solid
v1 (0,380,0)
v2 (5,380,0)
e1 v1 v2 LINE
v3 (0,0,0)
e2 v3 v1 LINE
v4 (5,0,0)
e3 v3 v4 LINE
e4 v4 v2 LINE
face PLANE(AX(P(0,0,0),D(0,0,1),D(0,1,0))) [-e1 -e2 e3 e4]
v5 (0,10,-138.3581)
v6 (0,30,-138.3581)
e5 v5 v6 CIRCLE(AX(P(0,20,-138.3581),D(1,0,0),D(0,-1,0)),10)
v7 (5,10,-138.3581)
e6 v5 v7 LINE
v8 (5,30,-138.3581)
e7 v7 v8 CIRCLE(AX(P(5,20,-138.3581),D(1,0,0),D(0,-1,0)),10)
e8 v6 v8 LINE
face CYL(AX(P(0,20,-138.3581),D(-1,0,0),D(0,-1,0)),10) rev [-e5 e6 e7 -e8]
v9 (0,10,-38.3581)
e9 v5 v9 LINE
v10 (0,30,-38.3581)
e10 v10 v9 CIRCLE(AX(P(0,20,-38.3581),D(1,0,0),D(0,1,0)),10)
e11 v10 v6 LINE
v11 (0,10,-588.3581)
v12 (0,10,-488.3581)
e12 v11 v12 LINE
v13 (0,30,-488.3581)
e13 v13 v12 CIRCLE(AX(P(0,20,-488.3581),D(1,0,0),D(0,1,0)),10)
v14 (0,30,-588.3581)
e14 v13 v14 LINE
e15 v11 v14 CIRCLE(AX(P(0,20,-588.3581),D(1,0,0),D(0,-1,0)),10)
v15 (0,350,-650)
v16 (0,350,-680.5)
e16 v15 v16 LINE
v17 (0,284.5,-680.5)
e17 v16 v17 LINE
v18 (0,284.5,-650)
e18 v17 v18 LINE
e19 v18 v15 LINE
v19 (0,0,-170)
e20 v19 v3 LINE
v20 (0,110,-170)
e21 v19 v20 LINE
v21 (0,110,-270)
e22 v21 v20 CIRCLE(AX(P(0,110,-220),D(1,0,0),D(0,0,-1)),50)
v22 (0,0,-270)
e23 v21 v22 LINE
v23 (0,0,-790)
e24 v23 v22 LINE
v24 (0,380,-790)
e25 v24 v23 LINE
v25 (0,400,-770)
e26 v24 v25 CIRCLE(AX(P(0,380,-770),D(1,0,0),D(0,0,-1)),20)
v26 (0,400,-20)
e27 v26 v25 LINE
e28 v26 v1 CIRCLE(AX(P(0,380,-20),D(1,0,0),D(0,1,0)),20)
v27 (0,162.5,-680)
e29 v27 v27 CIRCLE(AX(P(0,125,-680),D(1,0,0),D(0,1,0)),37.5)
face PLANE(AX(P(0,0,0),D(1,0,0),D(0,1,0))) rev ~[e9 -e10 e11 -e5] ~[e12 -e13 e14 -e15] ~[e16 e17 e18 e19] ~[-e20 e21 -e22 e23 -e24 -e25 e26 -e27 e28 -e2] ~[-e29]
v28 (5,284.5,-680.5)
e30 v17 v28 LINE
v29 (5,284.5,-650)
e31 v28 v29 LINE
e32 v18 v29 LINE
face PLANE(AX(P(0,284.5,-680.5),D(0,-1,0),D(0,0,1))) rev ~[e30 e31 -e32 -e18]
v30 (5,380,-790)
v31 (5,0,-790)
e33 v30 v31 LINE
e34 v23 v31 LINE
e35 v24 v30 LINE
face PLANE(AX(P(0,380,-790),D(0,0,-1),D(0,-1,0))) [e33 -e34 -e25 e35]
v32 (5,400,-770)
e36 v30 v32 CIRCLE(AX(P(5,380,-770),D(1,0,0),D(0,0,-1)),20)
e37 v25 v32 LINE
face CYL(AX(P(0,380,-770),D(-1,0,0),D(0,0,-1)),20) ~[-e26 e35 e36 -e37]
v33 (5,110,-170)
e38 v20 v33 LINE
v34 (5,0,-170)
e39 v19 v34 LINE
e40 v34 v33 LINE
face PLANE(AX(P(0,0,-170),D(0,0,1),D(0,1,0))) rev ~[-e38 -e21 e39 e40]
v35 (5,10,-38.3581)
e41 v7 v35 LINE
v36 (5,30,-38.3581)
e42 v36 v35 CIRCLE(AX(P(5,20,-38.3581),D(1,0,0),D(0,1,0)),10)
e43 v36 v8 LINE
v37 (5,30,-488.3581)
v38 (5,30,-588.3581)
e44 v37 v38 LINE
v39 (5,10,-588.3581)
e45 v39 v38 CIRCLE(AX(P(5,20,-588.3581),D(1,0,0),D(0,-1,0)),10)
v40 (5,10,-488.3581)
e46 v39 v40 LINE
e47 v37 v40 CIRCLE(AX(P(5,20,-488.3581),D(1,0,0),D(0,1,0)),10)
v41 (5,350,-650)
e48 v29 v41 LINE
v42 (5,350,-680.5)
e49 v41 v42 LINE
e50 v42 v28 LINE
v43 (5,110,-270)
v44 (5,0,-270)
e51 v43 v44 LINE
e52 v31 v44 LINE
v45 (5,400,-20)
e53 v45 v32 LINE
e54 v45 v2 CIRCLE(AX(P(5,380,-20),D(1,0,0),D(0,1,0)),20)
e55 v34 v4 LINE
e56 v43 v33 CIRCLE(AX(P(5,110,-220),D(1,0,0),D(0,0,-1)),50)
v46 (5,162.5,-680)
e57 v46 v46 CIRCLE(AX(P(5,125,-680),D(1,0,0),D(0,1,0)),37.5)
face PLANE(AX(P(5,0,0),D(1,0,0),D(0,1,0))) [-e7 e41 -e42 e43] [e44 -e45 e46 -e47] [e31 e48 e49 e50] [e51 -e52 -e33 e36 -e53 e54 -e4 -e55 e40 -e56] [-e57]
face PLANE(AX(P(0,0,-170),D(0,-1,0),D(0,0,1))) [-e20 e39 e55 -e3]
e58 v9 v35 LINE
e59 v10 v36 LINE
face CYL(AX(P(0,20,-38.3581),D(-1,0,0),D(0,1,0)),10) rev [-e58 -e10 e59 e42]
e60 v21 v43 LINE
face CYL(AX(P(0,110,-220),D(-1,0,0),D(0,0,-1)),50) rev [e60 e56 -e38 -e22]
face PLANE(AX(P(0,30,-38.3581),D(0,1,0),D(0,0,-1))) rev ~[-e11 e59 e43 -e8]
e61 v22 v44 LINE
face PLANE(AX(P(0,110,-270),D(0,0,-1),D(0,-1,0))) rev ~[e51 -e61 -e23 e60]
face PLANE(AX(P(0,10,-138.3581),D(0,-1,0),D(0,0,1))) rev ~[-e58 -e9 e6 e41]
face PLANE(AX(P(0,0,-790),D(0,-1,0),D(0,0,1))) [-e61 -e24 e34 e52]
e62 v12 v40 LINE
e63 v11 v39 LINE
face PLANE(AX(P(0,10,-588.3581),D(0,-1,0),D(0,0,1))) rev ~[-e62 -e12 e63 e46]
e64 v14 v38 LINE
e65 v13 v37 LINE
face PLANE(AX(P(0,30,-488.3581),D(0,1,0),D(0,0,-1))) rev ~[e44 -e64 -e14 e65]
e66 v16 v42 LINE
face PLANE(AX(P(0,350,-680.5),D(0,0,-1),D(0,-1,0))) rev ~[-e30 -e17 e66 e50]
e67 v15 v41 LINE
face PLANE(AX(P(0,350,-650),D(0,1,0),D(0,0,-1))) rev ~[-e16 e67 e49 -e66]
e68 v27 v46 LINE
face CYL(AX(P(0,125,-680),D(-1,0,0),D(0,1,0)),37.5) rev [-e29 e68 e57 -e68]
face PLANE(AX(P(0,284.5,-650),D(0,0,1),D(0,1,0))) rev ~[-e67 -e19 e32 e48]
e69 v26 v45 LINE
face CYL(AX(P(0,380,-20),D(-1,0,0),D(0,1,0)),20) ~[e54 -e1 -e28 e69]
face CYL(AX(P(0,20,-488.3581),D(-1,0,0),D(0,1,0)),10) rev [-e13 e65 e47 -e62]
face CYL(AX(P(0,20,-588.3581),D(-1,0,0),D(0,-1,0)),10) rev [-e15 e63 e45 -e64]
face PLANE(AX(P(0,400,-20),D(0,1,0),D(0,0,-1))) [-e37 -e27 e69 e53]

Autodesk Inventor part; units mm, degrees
ref_plane "YZ Plane" through (0, 0, 0) normal (1, 0, 0) x (0, 1, 0)
ref_plane "XZ Plane" through (0, 0, 0) normal (0, 1, 0) x (-1, 0, 0)
ref_plane "XY Plane" through (0, 0, 0) normal (0, 0, 1) x (1, 0, 0)
sketch "Sketch1" plane through (0, 0, 0) normal (1, 0, 0) x (0, 1, 0)
  line L0 (0, 0) -> (380, 0)
  line L1 (400, -20) -> (400, -770)
  line L2 (380, -790) -> (0, -790)
  line L3 (0, -790) -> (0, 0)
  arc A0 (400, -20) -> (380, 0) centre (380, -20) ccw
  arc A1 (380, -790) -> (400, -770) centre (380, -770) ccw
  circle A2 centre (125, -680) radius 37.5
  line L4 (0, -170) -> (110, -170)
  line L5 (110, -270) -> (0, -270)
  line L6 (0, -270) -> (0, -170)
  arc A3 (110, -270) -> (110, -170) centre (110, -220) ccw
  line L7 (350, -680.5) -> (284.5, -680.5)
  line L8 (284.5, -680.5) -> (284.5, -650)
  line L9 (284.5, -650) -> (350, -650)
  line L10 (350, -650) -> (350, -680.5)
  line L11 (20, -588.3581) -> (20, -488.3581) construction
  line L12 (10, -588.3581) -> (10, -488.3581)
  line L13 (30, -488.3581) -> (30, -588.3581)
  arc A4 (10, -588.3581) -> (30, -588.3581) centre (20, -588.3581) ccw
  arc A5 (30, -488.3581) -> (10, -488.3581) centre (20, -488.3581) ccw
  arc A6 (10, -138.3581) -> (30, -138.3581) centre (20, -138.3581) ccw
  line L14 (20, -138.3581) -> (20, -38.3581) construction
  line L15 (10, -138.3581) -> (10, -38.3581)
  arc A7 (30, -38.3581) -> (10, -38.3581) centre (20, -38.3581) ccw
  line L16 (30, -38.3581) -> (30, -138.3581)
  point P0 (400, -790)
  point P1 (400, 0)
  point P2 (190, 0)
  point P3 (0, -270)
  point P4 (20, -538.3581)
  point P5 (30, -538.3581)
  point P6 (30, -88.3581)
  point P7 (20, -88.3581)
  dimension "d0" = 400
  dimension "d1" = 790
  dimension "d2" = 20
  dimension "d3" = 75
  dimension "d4" = 110
  dimension "d5" = 125
  dimension "d6" = 110
  dimension "d7" = 100
  dimension "d9" = 220
  dimension "d10" = 65.5
  dimension "d11" = 30.5
  dimension "d12" = 50
  dimension "d13" = 650
  dimension "d16" = 30
  dimension "d17" = 10
  dimension "d18" = 100
  dimension "d21" = 450
extrude "Extrusion1" add sketch "Sketch1" along normal blind 5 contours L0 A0 L1 A1 L2 L3 L5 A3 L4
properties part number "r2wall"
